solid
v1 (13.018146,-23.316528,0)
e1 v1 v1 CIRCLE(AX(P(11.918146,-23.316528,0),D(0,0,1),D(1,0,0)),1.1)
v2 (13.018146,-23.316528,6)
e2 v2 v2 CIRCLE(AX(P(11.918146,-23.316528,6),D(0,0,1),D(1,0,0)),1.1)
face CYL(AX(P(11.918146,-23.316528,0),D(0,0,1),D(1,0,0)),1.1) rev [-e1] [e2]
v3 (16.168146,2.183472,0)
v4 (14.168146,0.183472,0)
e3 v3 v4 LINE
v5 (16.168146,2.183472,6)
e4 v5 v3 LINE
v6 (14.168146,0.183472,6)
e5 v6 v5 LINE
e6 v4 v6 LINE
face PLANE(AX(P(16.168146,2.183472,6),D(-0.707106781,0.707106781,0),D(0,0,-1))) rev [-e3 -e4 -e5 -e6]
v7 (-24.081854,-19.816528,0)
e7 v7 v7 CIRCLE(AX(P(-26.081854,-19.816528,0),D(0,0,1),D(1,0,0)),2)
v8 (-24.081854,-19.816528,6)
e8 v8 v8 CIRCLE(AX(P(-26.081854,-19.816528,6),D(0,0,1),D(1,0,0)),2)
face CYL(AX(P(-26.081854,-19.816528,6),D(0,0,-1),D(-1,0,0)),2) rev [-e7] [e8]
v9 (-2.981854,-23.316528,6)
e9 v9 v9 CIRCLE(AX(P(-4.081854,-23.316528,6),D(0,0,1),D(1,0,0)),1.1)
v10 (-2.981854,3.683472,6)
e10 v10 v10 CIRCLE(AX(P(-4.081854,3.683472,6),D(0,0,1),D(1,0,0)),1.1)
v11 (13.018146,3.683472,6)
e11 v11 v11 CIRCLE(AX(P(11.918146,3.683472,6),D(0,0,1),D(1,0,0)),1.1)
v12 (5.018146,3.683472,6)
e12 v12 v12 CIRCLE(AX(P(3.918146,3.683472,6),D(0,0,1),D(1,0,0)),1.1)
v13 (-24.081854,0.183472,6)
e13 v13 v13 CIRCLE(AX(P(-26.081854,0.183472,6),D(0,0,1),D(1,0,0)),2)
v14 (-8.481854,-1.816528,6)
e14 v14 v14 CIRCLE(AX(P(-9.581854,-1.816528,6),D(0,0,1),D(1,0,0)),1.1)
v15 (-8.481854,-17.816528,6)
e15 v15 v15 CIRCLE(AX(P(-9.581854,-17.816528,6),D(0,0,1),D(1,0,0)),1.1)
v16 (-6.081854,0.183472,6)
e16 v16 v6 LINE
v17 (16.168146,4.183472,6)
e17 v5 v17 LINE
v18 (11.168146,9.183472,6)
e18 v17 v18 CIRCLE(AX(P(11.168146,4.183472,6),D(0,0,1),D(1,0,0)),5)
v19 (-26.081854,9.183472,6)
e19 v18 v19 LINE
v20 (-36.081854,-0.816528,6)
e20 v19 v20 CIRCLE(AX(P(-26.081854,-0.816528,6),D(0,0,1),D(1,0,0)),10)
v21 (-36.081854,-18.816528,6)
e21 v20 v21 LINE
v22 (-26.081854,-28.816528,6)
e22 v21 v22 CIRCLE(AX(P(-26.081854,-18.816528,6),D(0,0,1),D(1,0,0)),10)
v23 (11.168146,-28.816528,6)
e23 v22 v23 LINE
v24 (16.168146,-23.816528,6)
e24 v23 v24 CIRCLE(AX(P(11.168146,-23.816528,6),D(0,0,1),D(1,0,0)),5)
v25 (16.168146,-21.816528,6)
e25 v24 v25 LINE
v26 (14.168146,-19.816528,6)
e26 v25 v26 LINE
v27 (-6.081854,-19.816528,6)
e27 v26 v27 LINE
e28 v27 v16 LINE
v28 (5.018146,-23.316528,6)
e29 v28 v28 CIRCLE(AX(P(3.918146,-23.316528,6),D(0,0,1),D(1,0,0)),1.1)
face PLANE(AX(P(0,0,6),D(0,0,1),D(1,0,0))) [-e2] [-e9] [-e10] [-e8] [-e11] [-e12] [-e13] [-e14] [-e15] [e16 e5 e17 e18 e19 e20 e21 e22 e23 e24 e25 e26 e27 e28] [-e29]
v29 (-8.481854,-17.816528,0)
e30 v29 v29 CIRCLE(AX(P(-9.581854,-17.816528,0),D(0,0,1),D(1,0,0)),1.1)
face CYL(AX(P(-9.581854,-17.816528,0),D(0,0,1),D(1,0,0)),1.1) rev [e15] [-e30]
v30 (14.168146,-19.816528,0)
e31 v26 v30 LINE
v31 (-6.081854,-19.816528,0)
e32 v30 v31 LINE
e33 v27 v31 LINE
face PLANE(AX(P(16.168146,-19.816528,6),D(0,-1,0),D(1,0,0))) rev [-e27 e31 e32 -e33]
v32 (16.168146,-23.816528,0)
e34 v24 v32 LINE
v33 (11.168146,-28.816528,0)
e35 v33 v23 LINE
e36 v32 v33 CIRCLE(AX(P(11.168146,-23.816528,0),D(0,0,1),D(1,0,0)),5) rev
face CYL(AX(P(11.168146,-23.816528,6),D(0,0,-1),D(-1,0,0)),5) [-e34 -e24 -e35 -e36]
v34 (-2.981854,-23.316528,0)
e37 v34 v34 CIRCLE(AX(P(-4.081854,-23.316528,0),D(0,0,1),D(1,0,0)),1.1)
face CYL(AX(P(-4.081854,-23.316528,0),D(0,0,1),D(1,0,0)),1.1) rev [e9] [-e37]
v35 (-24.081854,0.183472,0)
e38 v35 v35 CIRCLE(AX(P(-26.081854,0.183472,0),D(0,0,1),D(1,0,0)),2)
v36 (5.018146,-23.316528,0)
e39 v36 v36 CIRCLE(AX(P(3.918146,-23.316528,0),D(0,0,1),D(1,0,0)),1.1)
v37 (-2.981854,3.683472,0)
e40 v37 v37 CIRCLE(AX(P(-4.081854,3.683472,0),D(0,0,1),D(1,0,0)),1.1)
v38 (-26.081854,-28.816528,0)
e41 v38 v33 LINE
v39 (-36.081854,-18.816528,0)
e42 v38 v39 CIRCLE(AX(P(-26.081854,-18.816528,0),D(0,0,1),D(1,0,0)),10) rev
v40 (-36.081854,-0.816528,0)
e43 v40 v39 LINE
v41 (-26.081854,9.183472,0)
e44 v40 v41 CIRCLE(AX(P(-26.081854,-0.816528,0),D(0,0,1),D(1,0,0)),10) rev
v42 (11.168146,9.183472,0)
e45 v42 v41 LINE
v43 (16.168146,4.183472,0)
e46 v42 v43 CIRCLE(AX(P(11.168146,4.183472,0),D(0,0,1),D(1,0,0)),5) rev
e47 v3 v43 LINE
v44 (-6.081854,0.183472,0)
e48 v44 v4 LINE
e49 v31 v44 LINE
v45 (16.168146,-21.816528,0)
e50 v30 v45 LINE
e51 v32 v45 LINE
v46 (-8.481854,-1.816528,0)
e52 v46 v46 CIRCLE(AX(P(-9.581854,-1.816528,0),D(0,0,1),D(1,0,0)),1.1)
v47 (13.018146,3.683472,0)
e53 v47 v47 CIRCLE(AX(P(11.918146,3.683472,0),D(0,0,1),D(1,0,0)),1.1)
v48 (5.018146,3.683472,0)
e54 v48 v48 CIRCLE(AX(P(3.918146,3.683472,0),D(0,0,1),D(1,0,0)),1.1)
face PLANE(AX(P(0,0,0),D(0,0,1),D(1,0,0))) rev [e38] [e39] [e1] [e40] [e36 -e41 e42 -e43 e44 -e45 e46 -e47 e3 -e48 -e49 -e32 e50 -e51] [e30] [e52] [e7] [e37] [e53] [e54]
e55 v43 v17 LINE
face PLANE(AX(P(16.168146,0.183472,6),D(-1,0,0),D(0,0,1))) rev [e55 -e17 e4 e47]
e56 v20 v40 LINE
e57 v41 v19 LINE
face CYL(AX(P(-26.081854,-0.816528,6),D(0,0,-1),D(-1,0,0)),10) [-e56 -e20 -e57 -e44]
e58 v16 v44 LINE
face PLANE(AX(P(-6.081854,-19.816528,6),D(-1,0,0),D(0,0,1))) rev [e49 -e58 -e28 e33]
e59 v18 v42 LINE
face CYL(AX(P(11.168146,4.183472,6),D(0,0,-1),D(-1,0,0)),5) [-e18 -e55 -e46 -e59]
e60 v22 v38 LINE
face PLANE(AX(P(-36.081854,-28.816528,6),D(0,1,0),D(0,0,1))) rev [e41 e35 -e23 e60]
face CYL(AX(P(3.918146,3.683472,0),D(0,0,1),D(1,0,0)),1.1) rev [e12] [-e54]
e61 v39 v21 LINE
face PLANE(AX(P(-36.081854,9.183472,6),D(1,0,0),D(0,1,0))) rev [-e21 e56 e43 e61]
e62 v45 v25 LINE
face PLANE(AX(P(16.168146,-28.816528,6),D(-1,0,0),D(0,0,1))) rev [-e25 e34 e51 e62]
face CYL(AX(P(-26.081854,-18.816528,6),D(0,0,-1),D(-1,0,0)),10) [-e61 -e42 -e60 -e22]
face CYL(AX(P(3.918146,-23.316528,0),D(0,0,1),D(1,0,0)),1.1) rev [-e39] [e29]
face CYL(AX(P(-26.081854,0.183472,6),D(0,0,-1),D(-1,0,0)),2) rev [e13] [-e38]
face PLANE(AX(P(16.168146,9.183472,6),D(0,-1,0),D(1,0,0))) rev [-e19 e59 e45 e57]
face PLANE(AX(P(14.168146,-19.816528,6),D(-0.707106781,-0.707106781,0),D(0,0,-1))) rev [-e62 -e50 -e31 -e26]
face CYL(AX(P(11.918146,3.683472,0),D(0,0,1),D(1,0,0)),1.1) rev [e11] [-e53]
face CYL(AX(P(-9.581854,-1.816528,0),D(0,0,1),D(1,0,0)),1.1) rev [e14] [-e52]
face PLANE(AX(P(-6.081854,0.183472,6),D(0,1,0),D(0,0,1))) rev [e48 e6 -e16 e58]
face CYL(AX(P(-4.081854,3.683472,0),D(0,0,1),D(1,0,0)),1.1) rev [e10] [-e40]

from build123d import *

# Parameters (mm, degrees)
ESQUISSE1_R             = 2
BOSS_EXTRU_1_DEPTH      = 6
CONG_1_R                = 10
CONG_2_R                = 5
CHANFREIN1_SIZE         = 2
ESQUISSE2_R             = 1.1
ENL_V_MAT_EXTRU_1_DEPTH = 6


with BuildPart() as part:
    # Esquisse1 → Boss.-Extru.1 (new body)
    with BuildSketch(Plane.XY):
        Polygon((-36.081854409, 9.183471646), (-36.081854409, -28.816528354), (16.168145591, -28.816528354), (16.168145591, -19.816528354), (-6.081854409, -19.816528354), (-6.081854409, 0.183471646), (16.168145591, 0.183471646), (16.168145591, 9.183471646), align=None)
        with Locations((-26.081854409, 0.183471646)):
            Circle(ESQUISSE1_R, mode=Mode.SUBTRACT)
        with Locations((-26.081854409, -19.816528354)):
            Circle(ESQUISSE1_R, mode=Mode.SUBTRACT)
    extrude(amount=BOSS_EXTRU_1_DEPTH)

    # Congé1
    cong_1_edges = [part.edges().sort_by_distance(p)[0] for p in [
        (-36.081854409, -28.816528354, 3),
        (-36.081854409, 9.183471646, 3),
    ]]
    fillet(cong_1_edges, radius=CONG_1_R)

    # Congé2
    cong_2_edges = [part.edges().sort_by_distance(p)[0] for p in [
        (16.168145591, 9.183471646, 3),
        (16.168145591, -28.816528354, 3),
    ]]
    fillet(cong_2_edges, radius=CONG_2_R)

    # Chanfrein1
    chanfrein1_edges = [part.edges().sort_by_distance(p)[0] for p in [
        (16.168145591, 0.183471646, 3),
        (16.168145591, -19.816528354, 3),
    ]]
    chamfer(chanfrein1_edges, length=CHANFREIN1_SIZE)

    # Esquisse2 → Enlèv. mat.-Extru.1 (cut)
    with BuildSketch(Plane.XY.offset(6)):
        with Locations((-4.081854409, 3.683471646)):
            Circle(ESQUISSE2_R)
        with Locations((3.918145591, 3.683471646)):
            Circle(ESQUISSE2_R)
        with Locations((11.918145591, 3.683471646)):
            Circle(ESQUISSE2_R)
        with Locations((-9.581854409, -1.816528354)):
            Circle(ESQUISSE2_R)
        with Locations((-9.581854409, -17.816528354)):
            Circle(ESQUISSE2_R)
        with Locations((-4.081854409, -23.316528354)):
            Circle(ESQUISSE2_R)
        with Locations((3.918145591, -23.316528354)):
            Circle(ESQUISSE2_R)
        with Locations((11.918145591, -23.316528354)):
            Circle(ESQUISSE2_R)
    extrude(amount=-ENL_V_MAT_EXTRU_1_DEPTH, mode=Mode.SUBTRACT)


solid = part.part
